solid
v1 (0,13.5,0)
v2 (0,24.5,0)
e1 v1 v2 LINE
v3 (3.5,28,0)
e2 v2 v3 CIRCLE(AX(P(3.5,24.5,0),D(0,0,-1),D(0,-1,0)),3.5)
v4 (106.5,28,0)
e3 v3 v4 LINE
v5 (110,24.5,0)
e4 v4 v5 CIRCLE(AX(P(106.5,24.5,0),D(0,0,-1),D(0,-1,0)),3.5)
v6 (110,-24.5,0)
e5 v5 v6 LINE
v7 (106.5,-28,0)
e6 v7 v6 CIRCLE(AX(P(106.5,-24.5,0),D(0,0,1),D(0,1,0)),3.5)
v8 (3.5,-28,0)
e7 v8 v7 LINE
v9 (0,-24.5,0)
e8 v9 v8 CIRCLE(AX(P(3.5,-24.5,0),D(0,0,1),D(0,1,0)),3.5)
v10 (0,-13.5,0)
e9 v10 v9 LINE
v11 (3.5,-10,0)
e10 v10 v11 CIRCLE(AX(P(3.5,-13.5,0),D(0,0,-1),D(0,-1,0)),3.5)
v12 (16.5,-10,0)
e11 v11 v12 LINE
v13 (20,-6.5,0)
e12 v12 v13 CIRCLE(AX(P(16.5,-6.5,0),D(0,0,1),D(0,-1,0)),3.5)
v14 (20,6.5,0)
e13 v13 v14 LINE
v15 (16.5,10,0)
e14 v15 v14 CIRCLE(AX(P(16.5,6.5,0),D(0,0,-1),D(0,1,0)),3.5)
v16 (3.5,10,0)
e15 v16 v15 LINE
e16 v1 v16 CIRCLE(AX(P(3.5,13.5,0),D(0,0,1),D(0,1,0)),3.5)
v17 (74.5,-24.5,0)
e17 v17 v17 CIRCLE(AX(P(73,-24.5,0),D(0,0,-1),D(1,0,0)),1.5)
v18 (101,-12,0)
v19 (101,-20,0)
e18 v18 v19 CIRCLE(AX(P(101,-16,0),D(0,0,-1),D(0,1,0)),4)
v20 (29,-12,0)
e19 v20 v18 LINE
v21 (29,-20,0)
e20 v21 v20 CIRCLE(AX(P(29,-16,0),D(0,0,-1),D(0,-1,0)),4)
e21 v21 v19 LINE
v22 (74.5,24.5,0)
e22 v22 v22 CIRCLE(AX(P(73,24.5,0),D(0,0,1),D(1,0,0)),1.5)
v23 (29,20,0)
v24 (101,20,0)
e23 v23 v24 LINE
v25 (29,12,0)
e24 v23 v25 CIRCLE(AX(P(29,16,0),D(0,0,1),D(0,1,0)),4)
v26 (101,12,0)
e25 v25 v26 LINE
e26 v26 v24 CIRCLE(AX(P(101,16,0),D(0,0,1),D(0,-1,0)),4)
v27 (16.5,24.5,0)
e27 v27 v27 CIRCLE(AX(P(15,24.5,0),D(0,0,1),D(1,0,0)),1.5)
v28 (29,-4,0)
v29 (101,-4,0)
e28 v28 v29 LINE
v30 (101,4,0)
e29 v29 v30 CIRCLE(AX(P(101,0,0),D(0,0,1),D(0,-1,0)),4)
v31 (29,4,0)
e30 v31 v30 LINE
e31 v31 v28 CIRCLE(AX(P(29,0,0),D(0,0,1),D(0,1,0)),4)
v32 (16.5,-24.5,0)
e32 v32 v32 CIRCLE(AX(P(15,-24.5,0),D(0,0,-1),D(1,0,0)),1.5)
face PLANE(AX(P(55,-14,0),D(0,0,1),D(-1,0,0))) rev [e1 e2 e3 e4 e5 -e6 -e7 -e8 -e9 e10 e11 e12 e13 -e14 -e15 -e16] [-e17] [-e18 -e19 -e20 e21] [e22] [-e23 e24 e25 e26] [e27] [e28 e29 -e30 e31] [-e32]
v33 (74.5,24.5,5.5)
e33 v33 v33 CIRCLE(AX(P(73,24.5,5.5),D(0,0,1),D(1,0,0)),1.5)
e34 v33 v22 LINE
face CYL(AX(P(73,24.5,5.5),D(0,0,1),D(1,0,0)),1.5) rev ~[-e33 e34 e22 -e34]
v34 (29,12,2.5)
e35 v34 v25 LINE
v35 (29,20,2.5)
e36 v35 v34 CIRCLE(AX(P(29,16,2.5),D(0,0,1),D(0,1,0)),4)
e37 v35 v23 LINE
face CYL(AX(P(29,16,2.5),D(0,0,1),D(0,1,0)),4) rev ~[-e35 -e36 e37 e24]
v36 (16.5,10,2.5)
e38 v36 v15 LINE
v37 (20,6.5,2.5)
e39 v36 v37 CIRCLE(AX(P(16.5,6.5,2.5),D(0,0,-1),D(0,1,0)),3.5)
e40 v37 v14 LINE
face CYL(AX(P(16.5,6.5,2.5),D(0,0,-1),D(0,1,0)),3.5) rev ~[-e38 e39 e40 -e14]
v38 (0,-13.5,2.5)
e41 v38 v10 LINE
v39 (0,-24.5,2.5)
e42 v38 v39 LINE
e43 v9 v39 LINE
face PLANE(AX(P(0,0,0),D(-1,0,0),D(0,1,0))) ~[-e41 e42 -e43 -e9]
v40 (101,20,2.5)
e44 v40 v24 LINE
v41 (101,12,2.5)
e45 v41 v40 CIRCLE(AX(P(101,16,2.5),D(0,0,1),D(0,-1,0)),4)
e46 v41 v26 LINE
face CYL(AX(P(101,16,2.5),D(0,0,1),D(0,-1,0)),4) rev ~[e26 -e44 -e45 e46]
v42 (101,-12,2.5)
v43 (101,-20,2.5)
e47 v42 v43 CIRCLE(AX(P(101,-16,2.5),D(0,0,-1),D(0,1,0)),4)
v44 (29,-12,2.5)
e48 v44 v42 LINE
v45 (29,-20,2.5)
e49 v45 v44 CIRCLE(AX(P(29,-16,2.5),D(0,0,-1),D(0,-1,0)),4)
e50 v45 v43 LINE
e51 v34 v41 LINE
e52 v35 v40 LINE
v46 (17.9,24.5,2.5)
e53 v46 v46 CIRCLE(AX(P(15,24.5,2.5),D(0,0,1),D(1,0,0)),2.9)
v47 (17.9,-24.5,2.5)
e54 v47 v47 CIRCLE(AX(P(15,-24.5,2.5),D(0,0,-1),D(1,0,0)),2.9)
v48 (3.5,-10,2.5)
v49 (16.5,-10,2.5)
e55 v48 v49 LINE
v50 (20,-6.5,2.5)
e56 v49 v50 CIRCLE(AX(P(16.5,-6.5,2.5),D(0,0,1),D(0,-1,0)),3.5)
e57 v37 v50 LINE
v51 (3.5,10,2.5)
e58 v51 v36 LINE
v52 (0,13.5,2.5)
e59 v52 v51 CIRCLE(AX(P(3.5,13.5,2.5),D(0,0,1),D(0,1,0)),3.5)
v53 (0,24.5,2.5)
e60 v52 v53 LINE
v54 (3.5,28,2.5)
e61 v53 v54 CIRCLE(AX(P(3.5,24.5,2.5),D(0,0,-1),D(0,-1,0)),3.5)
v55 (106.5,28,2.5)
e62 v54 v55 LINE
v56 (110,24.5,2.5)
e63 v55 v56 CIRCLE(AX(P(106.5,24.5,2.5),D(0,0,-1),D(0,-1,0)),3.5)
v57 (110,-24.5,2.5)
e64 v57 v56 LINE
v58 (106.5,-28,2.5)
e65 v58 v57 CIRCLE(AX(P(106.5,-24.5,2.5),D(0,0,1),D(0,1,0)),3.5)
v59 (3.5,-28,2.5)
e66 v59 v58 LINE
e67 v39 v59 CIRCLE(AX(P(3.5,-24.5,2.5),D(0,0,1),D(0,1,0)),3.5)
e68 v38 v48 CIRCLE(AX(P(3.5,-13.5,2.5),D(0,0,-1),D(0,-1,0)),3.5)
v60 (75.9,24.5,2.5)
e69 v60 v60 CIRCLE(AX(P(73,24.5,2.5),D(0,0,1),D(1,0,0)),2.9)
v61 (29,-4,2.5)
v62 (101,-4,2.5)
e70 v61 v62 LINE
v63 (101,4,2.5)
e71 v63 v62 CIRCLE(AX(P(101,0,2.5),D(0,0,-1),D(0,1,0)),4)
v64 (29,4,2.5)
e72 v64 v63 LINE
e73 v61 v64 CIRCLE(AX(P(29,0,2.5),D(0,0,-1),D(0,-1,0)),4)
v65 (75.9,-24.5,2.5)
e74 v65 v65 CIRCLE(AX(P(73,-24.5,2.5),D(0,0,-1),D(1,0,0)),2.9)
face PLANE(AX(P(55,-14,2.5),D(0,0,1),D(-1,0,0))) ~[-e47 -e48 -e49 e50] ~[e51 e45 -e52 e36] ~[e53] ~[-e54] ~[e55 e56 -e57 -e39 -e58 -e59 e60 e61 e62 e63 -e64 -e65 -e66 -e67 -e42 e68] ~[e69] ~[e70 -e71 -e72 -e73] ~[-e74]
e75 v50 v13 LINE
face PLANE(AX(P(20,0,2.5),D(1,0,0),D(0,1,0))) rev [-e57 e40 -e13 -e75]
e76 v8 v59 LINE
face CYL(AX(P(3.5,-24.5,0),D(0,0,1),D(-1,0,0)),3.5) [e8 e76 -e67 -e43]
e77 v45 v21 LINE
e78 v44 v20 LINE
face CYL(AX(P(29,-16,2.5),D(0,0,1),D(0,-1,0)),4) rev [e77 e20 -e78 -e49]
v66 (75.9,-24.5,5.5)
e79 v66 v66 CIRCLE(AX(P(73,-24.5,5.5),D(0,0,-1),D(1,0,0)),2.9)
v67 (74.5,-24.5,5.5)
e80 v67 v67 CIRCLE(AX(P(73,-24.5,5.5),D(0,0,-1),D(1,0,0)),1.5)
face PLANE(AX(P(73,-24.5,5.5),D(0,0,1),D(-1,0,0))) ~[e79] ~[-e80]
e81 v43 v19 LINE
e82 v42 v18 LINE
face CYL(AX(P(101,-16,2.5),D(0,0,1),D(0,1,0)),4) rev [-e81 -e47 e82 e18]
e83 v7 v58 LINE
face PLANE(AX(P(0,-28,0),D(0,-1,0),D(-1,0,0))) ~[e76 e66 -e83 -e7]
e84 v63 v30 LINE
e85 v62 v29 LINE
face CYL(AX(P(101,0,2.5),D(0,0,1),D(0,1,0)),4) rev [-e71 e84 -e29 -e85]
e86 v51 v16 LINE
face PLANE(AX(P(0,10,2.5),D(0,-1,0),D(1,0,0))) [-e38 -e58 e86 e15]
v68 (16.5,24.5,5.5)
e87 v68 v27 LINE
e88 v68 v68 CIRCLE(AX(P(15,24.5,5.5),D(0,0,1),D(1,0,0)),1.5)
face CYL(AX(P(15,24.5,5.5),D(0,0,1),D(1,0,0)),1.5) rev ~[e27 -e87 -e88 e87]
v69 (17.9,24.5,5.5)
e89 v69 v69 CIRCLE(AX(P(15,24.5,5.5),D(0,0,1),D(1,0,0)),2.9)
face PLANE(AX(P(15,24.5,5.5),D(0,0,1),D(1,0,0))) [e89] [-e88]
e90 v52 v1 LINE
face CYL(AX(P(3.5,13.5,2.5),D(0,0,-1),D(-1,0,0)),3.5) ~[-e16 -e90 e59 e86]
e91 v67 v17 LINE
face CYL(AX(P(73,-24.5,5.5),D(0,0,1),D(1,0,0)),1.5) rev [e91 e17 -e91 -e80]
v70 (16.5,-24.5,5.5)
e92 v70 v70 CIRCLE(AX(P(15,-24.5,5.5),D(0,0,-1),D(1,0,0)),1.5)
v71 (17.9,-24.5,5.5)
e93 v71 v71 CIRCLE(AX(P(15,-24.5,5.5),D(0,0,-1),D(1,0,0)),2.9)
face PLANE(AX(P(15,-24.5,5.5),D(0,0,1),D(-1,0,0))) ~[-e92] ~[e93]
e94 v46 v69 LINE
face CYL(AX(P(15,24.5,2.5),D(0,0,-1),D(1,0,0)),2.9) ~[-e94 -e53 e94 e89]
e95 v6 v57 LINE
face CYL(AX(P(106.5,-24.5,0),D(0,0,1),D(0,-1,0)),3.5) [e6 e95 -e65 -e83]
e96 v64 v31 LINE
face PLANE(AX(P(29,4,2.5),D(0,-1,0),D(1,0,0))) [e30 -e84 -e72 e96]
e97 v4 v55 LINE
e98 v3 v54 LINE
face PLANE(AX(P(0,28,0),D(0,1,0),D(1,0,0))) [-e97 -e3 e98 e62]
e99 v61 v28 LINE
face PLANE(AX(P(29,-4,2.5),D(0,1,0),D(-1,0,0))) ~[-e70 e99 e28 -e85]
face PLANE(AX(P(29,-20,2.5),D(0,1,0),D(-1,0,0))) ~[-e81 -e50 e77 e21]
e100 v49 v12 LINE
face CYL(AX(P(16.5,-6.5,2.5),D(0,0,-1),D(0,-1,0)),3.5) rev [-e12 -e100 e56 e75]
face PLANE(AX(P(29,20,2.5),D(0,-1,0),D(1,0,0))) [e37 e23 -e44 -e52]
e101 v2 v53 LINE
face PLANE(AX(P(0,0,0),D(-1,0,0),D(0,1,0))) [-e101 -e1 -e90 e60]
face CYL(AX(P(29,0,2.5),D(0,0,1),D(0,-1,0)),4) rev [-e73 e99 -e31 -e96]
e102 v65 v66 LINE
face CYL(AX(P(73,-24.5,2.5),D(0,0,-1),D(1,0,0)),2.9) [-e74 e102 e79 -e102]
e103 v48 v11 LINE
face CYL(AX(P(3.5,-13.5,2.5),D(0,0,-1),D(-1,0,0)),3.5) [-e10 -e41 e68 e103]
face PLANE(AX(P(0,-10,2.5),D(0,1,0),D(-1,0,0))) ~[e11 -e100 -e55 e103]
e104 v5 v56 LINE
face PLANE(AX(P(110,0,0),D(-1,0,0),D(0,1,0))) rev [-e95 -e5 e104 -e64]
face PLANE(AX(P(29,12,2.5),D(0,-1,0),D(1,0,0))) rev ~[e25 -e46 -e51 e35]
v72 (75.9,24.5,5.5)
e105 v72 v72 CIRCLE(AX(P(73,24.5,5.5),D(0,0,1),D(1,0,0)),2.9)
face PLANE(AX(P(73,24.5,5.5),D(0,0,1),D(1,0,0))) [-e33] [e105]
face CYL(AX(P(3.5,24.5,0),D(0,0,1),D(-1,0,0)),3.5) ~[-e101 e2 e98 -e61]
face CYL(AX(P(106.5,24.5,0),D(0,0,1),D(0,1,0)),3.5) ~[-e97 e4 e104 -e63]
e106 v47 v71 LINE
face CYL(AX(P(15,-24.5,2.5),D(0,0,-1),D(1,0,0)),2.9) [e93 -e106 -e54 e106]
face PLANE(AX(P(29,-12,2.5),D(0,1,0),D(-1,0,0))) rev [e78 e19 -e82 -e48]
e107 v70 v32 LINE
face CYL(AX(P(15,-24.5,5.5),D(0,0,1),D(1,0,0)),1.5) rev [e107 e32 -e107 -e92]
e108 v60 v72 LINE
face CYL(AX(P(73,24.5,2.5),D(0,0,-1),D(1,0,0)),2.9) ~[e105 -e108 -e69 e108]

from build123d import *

# Parameters (mm, degrees)
SKETCH_W            = 110
SKETCH_H            = 28
PAD_DEPTH           = 2.5
SKETCH001_R         = 2.9
PAD001_DEPTH        = 3
SKETCH002_R         = 1.5
POCKET_DEPTH        = 5.501
POCKET001_DEPTH     = 2.501
LINEARPATTERN_COUNT = 2
LINEARPATTERN_PITCH = 16
SKETCH004_W         = 20
SKETCH004_H         = 10
POCKET002_DEPTH     = 2.501
FILLET_R            = 3.5


with BuildPart() as part:
    # Sketch → Pad (new body)
    with BuildSketch(Plane.XY):
        with Locations((55, 14)):
            Rectangle(SKETCH_W, SKETCH_H)
    extrude(amount=PAD_DEPTH)

    # Sketch001 (on Face6 of Pad) → Pad001 (join)
    with BuildSketch(Plane.XY.offset(2.5)):
        with Locations((15, 24.5)):
            Circle(SKETCH001_R)
        with Locations((73, 24.5)):
            Circle(SKETCH001_R)
    extrude(amount=PAD001_DEPTH)

    # Sketch002 (on Face9 of Pad001) → Pocket (cut, through all)
    with BuildSketch(Plane.XY.offset(5.5)):
        with Locations((15, 24.5)):
            Circle(SKETCH002_R)
        with Locations((73, 24.5)):
            Circle(SKETCH002_R)
    extrude(amount=-POCKET_DEPTH, mode=Mode.SUBTRACT)

    # Sketch003 (on Face5 of Pocket) → Pocket001 (cut, through all)
    with BuildSketch(Plane.XY.offset(2.5)):
        with BuildLine():
            ThreePointArc((29, 4), (25, 0), (29, -4))
            Line((29, -4), (101, -4))
            ThreePointArc((101, -4), (105, 0), (101, 4))
            Line((29, 4), (101, 4))
        make_face()
    pocket001 = extrude(amount=-POCKET001_DEPTH, mode=Mode.SUBTRACT)

    # LinearPattern: Pocket001 ×2
    with Locations(*[(0, i * LINEARPATTERN_PITCH, 0) for i in range(1, LINEARPATTERN_COUNT)]):
        add(pocket001, mode=Mode.SUBTRACT)

    # Sketch004 (on Face4 of LinearPattern) → Pocket002 (cut, through all)
    with BuildSketch(Plane.XY.offset(2.5)):
        with Locations((10, 5)):
            Rectangle(SKETCH004_W, SKETCH004_H)
    extrude(amount=-POCKET002_DEPTH, mode=Mode.SUBTRACT)

    # Fillet
    fillet_edges = [part.edges().sort_by_distance(p)[0] for p in [
        (20, 10, 1.25),
        (0, 10, 1.25),
        (0, 28, 1.25),
        (110, 28, 1.25),
    ]]
    fillet(fillet_edges, radius=FILLET_R)

    # Mirrored: part across XZ


with BuildPart() as part_1:
    add(part.part)
    add(part.part.mirror(Plane.XZ))


solid = part_1.part
